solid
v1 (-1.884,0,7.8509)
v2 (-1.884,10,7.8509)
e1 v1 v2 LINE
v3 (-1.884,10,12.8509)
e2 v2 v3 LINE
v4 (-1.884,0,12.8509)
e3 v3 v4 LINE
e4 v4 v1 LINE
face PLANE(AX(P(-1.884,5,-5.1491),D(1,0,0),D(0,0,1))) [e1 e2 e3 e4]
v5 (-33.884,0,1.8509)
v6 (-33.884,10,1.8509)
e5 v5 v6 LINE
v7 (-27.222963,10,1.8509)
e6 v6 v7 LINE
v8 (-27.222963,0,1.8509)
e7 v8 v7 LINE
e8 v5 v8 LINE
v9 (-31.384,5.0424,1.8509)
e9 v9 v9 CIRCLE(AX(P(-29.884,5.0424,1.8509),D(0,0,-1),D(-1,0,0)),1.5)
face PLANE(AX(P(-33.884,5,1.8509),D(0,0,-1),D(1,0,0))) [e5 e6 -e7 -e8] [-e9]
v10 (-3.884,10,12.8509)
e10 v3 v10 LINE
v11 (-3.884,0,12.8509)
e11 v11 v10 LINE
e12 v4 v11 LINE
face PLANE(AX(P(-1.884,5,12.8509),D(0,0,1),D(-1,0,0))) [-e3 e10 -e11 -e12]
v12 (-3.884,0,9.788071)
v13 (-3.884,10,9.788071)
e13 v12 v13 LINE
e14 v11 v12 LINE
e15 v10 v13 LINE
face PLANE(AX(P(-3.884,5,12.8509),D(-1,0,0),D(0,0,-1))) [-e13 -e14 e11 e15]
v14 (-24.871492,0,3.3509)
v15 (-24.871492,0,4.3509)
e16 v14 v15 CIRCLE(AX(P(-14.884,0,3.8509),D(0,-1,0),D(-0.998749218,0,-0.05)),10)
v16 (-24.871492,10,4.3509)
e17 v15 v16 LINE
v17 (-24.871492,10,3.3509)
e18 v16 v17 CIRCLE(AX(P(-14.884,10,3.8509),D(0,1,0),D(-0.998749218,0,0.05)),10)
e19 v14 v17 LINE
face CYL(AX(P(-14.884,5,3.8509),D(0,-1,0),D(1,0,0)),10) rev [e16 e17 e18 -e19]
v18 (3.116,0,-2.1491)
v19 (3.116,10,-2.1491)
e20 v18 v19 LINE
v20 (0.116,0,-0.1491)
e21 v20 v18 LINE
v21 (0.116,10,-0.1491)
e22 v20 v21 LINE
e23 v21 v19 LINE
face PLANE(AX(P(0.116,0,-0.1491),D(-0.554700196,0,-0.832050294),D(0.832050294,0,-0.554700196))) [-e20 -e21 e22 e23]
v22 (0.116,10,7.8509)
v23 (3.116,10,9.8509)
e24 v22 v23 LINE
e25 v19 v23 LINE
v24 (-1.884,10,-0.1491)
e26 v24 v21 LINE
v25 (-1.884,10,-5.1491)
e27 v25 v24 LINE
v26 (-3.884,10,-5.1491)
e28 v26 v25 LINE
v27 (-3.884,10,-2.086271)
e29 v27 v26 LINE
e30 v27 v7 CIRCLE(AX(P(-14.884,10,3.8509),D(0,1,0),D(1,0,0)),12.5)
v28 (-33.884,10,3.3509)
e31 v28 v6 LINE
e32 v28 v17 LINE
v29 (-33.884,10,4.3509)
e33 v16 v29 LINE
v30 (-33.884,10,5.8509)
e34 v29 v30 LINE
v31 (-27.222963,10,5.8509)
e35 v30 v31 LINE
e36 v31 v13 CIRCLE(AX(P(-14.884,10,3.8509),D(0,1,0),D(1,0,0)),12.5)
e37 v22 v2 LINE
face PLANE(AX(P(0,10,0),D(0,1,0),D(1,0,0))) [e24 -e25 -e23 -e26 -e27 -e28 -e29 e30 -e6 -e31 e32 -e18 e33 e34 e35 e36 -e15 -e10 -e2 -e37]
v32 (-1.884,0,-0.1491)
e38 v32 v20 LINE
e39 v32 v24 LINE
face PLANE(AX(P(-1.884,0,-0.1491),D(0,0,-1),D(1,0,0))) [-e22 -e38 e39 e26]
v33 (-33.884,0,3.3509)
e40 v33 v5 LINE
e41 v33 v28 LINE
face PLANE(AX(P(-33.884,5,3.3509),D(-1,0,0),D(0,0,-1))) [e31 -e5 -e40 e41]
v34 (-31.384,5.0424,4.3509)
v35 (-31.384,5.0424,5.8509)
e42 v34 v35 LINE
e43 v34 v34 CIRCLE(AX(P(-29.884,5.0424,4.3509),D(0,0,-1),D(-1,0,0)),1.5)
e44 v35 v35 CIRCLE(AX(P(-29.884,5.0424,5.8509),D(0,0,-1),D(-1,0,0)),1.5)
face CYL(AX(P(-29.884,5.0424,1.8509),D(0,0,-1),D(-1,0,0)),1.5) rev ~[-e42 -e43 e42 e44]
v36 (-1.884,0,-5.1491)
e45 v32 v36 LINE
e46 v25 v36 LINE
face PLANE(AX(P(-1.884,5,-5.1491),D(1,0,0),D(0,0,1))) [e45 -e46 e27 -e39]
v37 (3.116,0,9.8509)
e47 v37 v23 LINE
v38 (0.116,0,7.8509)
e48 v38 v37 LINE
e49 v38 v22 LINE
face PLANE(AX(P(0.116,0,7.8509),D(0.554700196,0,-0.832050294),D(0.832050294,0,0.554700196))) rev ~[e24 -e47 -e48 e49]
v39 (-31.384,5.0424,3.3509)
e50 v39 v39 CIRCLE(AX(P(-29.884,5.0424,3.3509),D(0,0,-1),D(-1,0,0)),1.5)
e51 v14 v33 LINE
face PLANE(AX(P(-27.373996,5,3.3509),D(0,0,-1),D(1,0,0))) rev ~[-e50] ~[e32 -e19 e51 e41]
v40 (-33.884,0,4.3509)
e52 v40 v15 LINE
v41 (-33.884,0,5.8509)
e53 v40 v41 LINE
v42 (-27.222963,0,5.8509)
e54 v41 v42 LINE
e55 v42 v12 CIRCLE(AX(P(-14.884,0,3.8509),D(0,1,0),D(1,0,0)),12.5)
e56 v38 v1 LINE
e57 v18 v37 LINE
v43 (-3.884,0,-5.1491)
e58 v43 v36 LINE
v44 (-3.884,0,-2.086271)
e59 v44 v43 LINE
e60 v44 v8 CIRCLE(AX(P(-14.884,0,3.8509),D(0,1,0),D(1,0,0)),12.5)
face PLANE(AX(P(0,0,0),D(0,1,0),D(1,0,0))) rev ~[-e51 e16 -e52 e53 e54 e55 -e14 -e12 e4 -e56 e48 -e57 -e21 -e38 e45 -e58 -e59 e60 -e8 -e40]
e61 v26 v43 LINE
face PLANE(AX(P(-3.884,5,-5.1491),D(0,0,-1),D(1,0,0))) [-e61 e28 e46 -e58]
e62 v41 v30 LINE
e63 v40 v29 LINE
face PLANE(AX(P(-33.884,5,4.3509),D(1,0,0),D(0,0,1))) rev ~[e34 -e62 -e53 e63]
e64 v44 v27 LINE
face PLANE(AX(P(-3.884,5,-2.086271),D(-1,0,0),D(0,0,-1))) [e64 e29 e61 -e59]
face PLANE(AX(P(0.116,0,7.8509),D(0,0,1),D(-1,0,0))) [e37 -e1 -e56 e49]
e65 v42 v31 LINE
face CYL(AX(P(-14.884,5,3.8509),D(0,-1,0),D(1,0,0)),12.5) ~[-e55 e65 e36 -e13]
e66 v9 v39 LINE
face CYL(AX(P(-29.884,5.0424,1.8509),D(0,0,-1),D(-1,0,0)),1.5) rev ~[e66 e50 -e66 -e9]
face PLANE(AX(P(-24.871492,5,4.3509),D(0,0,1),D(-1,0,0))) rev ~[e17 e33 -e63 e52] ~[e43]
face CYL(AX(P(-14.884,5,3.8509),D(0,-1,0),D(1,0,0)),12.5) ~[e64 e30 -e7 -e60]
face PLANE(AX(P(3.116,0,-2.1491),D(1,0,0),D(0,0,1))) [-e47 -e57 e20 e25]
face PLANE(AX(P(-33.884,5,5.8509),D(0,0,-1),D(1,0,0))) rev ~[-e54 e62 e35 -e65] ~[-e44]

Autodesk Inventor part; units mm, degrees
ref_plane "YZ Plane" through (0, 0, 0) normal (1, 0, 0) x (0, 1, 0)
ref_plane "XZ Plane" through (0, 0, 0) normal (0, 1, 0) x (-1, 0, 0)
sketch "Sketch1" plane through (0, 0, 0) normal (0, 1, 0) x (-1, 0, 0)
  line L0 (-0.116, 7.8509) -> (-0.116, -0.1491)
  line L1 (-0.116, -0.1491) -> (-3.116, -2.1491)
  line L2 (-3.116, -2.1491) -> (-3.116, 9.8509)
  line L3 (-0.116, 7.8509) -> (-3.116, 9.8509)
  line L4 (-0.116, 7.8509) -> (1.884, 7.8509)
  line L5 (1.884, 7.8509) -> (1.884, -0.1491)
  line L6 (1.884, -0.1491) -> (-0.116, -0.1491)
  point P0 (0, 0)
  dimension "d0" = 8
  dimension "d1" = 12
  dimension "d3" = 3
  dimension "d5" = 2
  dimension "d8" = 2
extrude "Extrusion1" add sketch "Sketch1" along normal blind 10
ref_plane "Work Plane1" through (0, 5, 0) normal (0, 1, 0) x (1, 0, 0)
sketch "Sketch2" plane through (0, 5, 0) normal (0, 1, 0) x (1, 0, 0)
  circle A0 centre (-14.884, -3.8509) radius 12.5
  line L0 (-3.884, 5.1491) -> (-1.884, 5.1491)
  line L1 (-1.884, 5.1491) -> (-1.884, -12.8509)
  line L2 (-1.884, -12.8509) -> (-3.884, -12.8509)
  line L3 (-3.884, -12.8509) -> (-3.884, 5.1491)
  line L4 (3.116, -9.8509) -> (3.116, 2.1491) projected
  line L5 (0.116, -7.8509) -> (3.116, -9.8509) projected
  line L6 (-1.884, -7.8509) -> (0.116, -7.8509) projected
  line L7 (-1.884, 0.1491) -> (-1.884, -7.8509) projected
  line L8 (0.116, 0.1491) -> (-1.884, 0.1491) projected
  line L9 (3.116, 2.1491) -> (0.116, 0.1491) projected
  line L10 (3.116, -9.8509) -> (3.116, 2.1491) projected
  line L11 (0.116, -7.8509) -> (3.116, -9.8509) projected
  line L12 (-1.884, -7.8509) -> (0.116, -7.8509) projected
  line L13 (-1.884, 0.1491) -> (-1.884, -7.8509) projected
  line L14 (0.116, 0.1491) -> (-1.884, 0.1491) projected
  line L15 (3.116, 2.1491) -> (0.116, 0.1491) projected
  circle A1 centre (-14.884, -3.8509) radius 10
  line L16 (-29.8977, -3.3509) -> (-24.5183, -3.3509)
  line L17 (-24.5183, -3.3509) -> (-24.5183, -4.3509)
  line L18 (-24.5183, -4.3509) -> (-33.884, -4.3509)
  line L19 (-33.884, -4.3509) -> (-33.884, -1.5714)
  line L20 (-29.8977, -3.3509) -> (-33.884, -3.3509)
  line L21 (-33.884, -4.3509) -> (-33.884, -5.8509)
  line L22 (-33.884, -5.8509) -> (-24.682, -5.8509)
  line L23 (-33.884, -3.3509) -> (-33.884, -1.8509)
  line L24 (-33.884, -1.8509) -> (-24.682, -1.8509)
  point P0 (0, 0)
  point P1 (-27.223, -1.8509)
  point P2 (-24.8715, -3.3509)
  point P3 (-24.8715, -4.3509)
  point P4 (-27.223, -5.8509)
  point P5 (-3.884, -9.7881)
  point P6 (-3.884, 2.0862)
  point P7 (-27.374, -4.3509)
  point P8 (-27.374, -3.3509)
  point P9 (-1.884, -7.3509)
  point P10 (-1.884, -0.3509)
  point P11 (-3.884, -3.8509)
  dimension "d9" = 25
  dimension "d10" = 0
  dimension "d11" = 5
  dimension "d12" = 5
  dimension "d13" = 2
  dimension "d14" = 9
  dimension "d15" = 20
  dimension "d16" = 13
  dimension "d17" = 1
  dimension "d18" = 1.5
  dimension "d19" = 1.5
  dimension "d26" = 0.5
  dimension "d27" = 19
extrude "Extrusion2" add sketch "Sketch2" along normal mid plane 10 contours A0 L3 | A0 L3 L0 L1 L2 | L3 A0 L22 A1 L24 | L24 A1 L16 A0 | A0 L16 L20 L19 L24 | L22 L21 L18 A0 | A0 L18 A1 L22
sketch "Sketch3" plane through (-27.223, 10, 1.8509) normal (0, 0, -1) x (-1, 0, 0)
  circle A0 centre (2.661, -4.9576) radius 1.5
  line L0 (0, 0) -> (6.661, 0) projected
  line L1 (0, -10) -> (0, 0) projected
  line L2 (6.661, -10) -> (0, -10) projected
  line L3 (6.661, -10) -> (6.661, 0) projected
  point P0 (-27.223, -10)
  dimension "d22" = 3
  dimension "d28" = 4
extrude "Extrusion3" cut sketch "Sketch3" against normal blind 10 contours A0
equation "\"d12\" = d11"
properties part number "Acople marcador_3DPrint"
